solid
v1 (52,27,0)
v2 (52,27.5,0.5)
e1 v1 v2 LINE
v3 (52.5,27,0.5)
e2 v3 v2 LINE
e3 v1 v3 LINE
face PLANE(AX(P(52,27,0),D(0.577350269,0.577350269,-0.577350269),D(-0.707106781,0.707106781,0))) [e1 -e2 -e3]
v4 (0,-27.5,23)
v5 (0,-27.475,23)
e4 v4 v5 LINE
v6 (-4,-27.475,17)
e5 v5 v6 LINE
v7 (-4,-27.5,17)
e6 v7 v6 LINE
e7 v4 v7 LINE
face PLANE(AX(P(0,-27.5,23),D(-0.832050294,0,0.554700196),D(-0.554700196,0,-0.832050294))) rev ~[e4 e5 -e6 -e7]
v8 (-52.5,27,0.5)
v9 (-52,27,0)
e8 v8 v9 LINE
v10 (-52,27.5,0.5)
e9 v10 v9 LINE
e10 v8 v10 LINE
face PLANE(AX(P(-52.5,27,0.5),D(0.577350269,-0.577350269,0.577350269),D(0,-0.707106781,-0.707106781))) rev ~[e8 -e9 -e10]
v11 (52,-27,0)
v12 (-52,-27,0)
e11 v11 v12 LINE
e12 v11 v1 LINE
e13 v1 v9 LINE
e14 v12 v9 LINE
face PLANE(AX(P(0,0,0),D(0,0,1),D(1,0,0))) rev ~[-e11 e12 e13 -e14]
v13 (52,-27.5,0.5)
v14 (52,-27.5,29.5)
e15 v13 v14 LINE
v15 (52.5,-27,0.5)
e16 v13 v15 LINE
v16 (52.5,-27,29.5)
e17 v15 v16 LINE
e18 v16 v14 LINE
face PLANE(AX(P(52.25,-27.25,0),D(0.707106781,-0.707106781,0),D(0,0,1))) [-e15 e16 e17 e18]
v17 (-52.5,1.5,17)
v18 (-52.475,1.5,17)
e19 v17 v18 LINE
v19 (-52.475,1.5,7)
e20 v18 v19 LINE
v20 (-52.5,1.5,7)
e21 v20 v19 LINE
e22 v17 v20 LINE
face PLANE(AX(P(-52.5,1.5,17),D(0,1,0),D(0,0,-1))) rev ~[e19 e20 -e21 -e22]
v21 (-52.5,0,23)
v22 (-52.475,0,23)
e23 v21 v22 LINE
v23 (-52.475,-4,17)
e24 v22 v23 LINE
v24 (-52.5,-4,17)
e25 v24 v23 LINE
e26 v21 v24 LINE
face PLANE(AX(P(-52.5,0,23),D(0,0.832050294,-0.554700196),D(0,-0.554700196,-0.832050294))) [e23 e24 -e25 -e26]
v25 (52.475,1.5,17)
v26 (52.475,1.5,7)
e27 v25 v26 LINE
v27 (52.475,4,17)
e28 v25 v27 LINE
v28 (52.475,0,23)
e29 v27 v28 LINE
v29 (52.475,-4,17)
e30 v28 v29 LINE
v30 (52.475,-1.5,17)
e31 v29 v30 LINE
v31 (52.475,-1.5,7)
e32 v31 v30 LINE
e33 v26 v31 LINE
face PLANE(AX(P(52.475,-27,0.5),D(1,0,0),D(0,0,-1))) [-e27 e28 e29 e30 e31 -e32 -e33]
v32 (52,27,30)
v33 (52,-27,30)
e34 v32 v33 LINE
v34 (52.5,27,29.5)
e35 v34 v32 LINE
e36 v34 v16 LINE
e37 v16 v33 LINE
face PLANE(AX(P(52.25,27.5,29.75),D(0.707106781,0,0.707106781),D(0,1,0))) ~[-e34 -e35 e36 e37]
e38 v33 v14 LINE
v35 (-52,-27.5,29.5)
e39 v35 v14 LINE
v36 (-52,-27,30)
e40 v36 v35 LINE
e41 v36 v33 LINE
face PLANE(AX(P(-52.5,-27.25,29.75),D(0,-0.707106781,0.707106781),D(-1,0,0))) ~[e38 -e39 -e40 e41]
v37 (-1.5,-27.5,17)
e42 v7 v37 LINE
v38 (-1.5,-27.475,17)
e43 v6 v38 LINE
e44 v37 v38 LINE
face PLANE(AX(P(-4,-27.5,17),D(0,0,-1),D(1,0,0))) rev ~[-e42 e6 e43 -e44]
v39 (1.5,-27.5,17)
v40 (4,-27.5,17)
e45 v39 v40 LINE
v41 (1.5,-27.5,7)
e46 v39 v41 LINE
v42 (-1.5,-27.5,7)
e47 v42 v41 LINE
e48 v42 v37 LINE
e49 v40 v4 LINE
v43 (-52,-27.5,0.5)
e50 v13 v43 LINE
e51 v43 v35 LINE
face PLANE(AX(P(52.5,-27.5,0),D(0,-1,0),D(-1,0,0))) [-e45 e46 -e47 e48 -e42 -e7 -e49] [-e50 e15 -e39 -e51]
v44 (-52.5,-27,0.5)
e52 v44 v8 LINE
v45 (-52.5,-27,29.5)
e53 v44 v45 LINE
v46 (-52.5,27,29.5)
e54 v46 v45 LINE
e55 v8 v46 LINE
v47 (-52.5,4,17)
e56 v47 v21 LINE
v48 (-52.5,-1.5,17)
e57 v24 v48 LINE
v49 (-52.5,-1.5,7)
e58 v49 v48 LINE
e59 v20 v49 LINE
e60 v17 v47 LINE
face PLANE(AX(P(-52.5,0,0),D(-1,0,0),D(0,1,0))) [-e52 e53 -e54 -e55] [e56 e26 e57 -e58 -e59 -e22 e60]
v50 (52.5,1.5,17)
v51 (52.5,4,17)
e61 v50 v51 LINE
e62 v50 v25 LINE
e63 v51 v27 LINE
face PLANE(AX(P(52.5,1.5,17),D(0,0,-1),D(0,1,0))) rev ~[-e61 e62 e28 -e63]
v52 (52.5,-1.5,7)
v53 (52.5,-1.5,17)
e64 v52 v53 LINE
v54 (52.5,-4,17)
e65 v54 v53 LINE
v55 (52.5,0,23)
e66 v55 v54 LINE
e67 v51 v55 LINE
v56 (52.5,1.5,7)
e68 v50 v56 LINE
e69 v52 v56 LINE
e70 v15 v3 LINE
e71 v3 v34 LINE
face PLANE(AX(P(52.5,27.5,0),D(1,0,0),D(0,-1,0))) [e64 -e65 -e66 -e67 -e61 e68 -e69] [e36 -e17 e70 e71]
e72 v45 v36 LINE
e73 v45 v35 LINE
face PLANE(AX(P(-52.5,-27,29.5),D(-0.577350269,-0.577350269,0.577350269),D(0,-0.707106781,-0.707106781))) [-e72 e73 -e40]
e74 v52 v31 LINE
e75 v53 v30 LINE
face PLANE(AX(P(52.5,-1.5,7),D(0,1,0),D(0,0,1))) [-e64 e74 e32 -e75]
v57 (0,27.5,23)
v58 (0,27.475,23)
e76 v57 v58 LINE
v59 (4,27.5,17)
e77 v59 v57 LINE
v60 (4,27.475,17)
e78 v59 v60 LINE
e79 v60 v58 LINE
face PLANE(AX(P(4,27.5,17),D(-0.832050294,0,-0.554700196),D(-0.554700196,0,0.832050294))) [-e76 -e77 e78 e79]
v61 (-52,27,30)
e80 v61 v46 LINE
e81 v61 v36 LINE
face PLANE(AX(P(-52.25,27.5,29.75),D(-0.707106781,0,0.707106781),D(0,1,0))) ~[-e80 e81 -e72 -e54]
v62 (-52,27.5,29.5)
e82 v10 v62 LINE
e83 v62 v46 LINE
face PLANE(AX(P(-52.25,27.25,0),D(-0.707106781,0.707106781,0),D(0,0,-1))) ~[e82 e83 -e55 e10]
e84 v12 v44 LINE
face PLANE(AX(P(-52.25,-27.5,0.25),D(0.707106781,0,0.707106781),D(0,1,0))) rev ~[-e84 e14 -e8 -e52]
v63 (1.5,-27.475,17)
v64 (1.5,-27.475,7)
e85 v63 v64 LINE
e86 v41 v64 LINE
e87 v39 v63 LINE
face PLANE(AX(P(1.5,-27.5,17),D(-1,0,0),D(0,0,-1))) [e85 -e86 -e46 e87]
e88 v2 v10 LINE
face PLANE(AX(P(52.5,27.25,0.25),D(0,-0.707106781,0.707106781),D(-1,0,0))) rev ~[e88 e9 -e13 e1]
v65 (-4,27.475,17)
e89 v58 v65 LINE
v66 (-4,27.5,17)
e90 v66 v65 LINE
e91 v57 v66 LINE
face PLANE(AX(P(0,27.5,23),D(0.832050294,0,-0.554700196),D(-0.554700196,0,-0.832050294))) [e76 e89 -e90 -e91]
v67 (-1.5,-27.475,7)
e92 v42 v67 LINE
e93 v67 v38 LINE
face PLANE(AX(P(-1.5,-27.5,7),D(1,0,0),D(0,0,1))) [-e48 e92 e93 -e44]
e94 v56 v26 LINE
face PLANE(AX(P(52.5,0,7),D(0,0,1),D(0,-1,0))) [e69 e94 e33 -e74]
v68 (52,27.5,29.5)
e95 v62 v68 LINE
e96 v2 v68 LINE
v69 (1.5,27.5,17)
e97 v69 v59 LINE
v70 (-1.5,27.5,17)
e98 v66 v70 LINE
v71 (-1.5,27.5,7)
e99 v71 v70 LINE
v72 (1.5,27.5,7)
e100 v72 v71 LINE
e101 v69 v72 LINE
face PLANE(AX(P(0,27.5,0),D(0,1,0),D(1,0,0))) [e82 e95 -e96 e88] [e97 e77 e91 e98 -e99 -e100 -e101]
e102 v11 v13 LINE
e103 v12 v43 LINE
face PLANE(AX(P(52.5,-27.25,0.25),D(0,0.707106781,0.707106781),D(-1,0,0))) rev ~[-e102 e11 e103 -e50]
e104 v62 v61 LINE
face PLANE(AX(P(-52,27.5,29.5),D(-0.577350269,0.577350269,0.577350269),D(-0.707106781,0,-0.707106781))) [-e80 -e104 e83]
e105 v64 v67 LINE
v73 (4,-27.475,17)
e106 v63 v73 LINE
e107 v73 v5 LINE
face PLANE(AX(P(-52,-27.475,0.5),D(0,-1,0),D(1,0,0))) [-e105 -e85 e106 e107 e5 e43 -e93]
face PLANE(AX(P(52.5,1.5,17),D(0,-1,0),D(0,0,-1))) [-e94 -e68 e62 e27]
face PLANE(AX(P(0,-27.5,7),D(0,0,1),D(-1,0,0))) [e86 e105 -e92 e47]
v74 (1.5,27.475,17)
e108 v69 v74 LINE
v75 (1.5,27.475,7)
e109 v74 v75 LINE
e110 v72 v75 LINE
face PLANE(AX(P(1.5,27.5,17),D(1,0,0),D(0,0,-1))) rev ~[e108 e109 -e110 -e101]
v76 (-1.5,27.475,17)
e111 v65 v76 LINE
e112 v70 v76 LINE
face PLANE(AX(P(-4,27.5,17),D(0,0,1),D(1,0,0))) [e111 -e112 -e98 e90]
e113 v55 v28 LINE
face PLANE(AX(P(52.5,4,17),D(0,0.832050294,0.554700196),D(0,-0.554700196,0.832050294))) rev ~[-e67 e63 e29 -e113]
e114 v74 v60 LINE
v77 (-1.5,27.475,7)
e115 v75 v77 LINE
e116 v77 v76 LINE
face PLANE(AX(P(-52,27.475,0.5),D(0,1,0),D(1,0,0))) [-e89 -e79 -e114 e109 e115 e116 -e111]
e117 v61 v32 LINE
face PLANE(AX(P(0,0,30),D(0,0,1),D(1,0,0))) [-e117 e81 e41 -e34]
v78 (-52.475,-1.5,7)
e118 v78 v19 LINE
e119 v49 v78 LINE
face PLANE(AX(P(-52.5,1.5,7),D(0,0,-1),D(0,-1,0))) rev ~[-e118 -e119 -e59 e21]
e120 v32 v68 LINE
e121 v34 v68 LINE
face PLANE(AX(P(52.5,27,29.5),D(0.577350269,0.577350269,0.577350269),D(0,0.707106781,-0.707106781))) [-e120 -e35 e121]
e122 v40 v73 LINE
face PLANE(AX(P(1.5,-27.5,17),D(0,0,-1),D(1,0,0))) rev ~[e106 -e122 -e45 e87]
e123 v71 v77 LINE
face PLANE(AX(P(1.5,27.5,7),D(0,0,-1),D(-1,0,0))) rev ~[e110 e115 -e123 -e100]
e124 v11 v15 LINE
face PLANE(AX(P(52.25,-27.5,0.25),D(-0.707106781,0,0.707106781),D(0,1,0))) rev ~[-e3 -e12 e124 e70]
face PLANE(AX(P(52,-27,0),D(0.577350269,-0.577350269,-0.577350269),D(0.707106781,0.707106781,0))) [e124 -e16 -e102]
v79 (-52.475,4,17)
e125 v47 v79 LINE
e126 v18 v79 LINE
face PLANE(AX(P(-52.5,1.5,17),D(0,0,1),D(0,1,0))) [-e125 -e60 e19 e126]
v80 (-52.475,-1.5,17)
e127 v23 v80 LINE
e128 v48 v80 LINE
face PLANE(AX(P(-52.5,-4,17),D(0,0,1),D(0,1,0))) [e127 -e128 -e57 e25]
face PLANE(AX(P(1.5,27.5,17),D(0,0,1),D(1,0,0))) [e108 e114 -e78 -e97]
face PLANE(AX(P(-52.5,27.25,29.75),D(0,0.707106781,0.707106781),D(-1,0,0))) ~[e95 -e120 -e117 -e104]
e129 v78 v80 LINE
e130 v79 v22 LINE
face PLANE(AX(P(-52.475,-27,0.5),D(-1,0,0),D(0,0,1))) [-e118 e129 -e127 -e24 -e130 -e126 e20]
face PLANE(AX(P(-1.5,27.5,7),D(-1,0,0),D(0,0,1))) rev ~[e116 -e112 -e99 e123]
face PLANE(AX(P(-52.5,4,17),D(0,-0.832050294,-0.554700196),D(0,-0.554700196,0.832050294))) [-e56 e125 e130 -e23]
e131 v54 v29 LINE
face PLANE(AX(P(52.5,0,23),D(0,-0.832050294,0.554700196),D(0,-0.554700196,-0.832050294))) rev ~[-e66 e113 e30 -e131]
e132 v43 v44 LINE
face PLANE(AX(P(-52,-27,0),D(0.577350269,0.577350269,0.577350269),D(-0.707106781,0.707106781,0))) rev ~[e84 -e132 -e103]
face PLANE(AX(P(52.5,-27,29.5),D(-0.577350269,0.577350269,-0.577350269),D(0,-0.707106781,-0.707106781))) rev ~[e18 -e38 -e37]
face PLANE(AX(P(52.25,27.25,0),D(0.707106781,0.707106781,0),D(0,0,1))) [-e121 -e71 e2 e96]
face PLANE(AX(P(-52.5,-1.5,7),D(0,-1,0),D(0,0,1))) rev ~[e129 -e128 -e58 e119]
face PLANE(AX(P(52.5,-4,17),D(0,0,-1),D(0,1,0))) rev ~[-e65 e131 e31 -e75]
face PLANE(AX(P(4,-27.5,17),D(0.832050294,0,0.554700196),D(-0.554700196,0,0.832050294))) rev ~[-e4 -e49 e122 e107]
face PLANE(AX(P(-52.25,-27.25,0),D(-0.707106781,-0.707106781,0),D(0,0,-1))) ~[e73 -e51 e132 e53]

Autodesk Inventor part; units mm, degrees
ref_plane "YZ Plane" through (0, 0, 0) normal (1, 0, 0) x (0, 1, 0)
ref_plane "XZ Plane" through (0, 0, 0) normal (0, 1, 0) x (-1, 0, 0)
ref_plane "XY Plane" through (0, 0, 0) normal (0, 0, 1) x (1, 0, 0)
sketch "Sketch1" plane through (0, 0, 0) normal (0, 0, 1) x (1, 0, 0)
  line L0 (0, 38.5) -> (0, -38.5) projected
  line L1 (-73.5, 0) -> (73.5, 0) projected
  line L2 (-52.5, 27.5) -> (52.5, 27.5)
  line L3 (52.5, 27.5) -> (52.5, -27.5)
  line L4 (52.5, -27.5) -> (-52.5, -27.5)
  line L5 (-52.5, -27.5) -> (-52.5, 27.5)
  point P0 (0, 0)
  point P1 (0, 27.5)
  point P2 (52.5, 0)
  dimension "d0" = 55
  dimension "d1" = 105
extrude "Extrusion1" add sketch "Sketch1" along normal blind 30
chamfer "Chamfer1" distance 0.5 angle 45 12 edges at (0, -27.5, 30) (-52.5, 0, 30) (0, 27.5, 30) (52.5, 0, 30) (52.5, 27.5, 15) (52.5, -27.5, 15) (-52.5, -27.5, 15) (0, -27.5, 0) (52.5, 0, 0) (0, 27.5, 0) (-52.5, 27.5, 15) (-52.5, 0, 0)
sketch "Sketch2" plane through (-52, -27.5, 0.5) normal (0, -1, 0) x (1, 0, 0)
  line L0 (0, 0) -> (0, 29) projected
  line L1 (52, 22.5) -> (48, 16.5)
  line L2 (48, 16.5) -> (56, 16.5)
  line L3 (56, 16.5) -> (52, 22.5)
  line L4 (50.5, 16.5) -> (53.5, 16.5)
  line L5 (53.5, 16.5) -> (53.5, 6.5)
  line L6 (53.5, 6.5) -> (50.5, 6.5)
  line L7 (50.5, 6.5) -> (50.5, 16.5)
  line L8 (52, 22.5) -> (52, 4.7859)
  line L9 (104, 29.5) -> (0, 29.5) projected
  point P0 (52, -0.5)
  dimension "d7" = 8
  dimension "d8" = 3
  dimension "d9" = 4
  dimension "d10" = 1.5
  dimension "d11" = 7
  dimension "d12" = 6
  dimension "d13" = 10
extrude "Extrusion2" cut sketch "Sketch2" against normal blind 0.025
sketch "Sketch3" plane through (-52, 27.5, 0.5) normal (0, 1, 0) x (1, 0, 0)
  line L0 (53.5, -6.5) -> (50.5, -6.5)
  line L1 (52, -22.5) -> (48, -16.5)
  line L2 (48, -16.5) -> (56, -16.5)
  line L3 (56, -16.5) -> (52, -22.5)
  line L4 (53.5, -16.5) -> (53.5, -6.5)
  line L5 (50.5, -6.5) -> (50.5, -16.5)
  line L6 (0, -29.5) -> (104, -29.5) projected
  line L7 (50.5, -6.5) -> (53.5, -6.5)
  line L8 (53.5, -6.5) -> (53.5, -16.5)
  line L9 (50.5, -16.5) -> (53.5, -16.5)
  line L10 (50.5, -16.5) -> (50.5, -6.5)
  point P0 (52, 0.5)
  point P1 (52, -6.5)
  dimension "d17" = 3
  dimension "d25" = 7
extrude "Extrusion3" cut sketch "Sketch3" against normal blind 0.025
sketch "Sketch4" plane through (52.5, -27, 0.5) normal (1, 0, 0) x (0, 0, -1)
  line L0 (-22.5, 27) -> (-16.5, 23)
  line L1 (-16.5, 23) -> (-16.5, 31)
  line L2 (-16.5, 31) -> (-22.5, 27)
  line L3 (-16.5, 25.5) -> (-16.5, 28.5)
  line L4 (-16.5, 28.5) -> (-6.5, 28.5)
  line L5 (-6.5, 28.5) -> (-6.5, 25.5)
  line L6 (-6.5, 25.5) -> (-16.5, 25.5)
  line L7 (-22.5, 27) -> (-5.1122, 27)
  line L8 (-29.5, 54) -> (-29.5, 0) projected
  point P0 (0.5, 27)
  dimension "d37" = 74.49
  dimension "d39" = 3
  dimension "d40" = 8
  dimension "d41" = 16
  dimension "d42" = 6
  dimension "d43" = 1.5
  dimension "d44" = 67.38
  dimension "d45" = 7
  dimension "d48" = 7
extrude "Extrusion4" cut sketch "Sketch4" against normal blind 0.025
sketch "Sketch5" plane through (-52.5, -27, 0.5) normal (-1, 0, 0) x (0, 0, 1)
  line L0 (22.5, 27) -> (16.5, 23)
  line L1 (16.5, 23) -> (16.5, 31)
  line L2 (16.5, 31) -> (22.5, 27)
  line L3 (16.5, 25.5) -> (16.5, 28.5)
  line L4 (16.5, 28.5) -> (6.5, 28.5)
  line L5 (6.5, 28.5) -> (6.5, 25.5)
  line L6 (6.5, 25.5) -> (16.5, 25.5)
  line L7 (22.5, 27) -> (5.6122, 27)
  line L8 (29.5, 0) -> (29.5, 54) projected
  point P0 (-0.5, 27)
  point P1 (29.5, 27)
  dimension "d57" = 16
  dimension "d58" = 7
  dimension "d59" = 3
  dimension "d60" = 1.5
  dimension "d61" = 67.38
  dimension "d62" = 6
extrude "Extrusion5" cut sketch "Sketch5" against normal blind 0.025
equation "\"d9\" = 0.5 * d7"
equation "\"d10\" = 0.5 * d8"
properties part number "Bloco de NdFeB - N45SH." material "NdFeB (Neodímio Ferro Boro)"
